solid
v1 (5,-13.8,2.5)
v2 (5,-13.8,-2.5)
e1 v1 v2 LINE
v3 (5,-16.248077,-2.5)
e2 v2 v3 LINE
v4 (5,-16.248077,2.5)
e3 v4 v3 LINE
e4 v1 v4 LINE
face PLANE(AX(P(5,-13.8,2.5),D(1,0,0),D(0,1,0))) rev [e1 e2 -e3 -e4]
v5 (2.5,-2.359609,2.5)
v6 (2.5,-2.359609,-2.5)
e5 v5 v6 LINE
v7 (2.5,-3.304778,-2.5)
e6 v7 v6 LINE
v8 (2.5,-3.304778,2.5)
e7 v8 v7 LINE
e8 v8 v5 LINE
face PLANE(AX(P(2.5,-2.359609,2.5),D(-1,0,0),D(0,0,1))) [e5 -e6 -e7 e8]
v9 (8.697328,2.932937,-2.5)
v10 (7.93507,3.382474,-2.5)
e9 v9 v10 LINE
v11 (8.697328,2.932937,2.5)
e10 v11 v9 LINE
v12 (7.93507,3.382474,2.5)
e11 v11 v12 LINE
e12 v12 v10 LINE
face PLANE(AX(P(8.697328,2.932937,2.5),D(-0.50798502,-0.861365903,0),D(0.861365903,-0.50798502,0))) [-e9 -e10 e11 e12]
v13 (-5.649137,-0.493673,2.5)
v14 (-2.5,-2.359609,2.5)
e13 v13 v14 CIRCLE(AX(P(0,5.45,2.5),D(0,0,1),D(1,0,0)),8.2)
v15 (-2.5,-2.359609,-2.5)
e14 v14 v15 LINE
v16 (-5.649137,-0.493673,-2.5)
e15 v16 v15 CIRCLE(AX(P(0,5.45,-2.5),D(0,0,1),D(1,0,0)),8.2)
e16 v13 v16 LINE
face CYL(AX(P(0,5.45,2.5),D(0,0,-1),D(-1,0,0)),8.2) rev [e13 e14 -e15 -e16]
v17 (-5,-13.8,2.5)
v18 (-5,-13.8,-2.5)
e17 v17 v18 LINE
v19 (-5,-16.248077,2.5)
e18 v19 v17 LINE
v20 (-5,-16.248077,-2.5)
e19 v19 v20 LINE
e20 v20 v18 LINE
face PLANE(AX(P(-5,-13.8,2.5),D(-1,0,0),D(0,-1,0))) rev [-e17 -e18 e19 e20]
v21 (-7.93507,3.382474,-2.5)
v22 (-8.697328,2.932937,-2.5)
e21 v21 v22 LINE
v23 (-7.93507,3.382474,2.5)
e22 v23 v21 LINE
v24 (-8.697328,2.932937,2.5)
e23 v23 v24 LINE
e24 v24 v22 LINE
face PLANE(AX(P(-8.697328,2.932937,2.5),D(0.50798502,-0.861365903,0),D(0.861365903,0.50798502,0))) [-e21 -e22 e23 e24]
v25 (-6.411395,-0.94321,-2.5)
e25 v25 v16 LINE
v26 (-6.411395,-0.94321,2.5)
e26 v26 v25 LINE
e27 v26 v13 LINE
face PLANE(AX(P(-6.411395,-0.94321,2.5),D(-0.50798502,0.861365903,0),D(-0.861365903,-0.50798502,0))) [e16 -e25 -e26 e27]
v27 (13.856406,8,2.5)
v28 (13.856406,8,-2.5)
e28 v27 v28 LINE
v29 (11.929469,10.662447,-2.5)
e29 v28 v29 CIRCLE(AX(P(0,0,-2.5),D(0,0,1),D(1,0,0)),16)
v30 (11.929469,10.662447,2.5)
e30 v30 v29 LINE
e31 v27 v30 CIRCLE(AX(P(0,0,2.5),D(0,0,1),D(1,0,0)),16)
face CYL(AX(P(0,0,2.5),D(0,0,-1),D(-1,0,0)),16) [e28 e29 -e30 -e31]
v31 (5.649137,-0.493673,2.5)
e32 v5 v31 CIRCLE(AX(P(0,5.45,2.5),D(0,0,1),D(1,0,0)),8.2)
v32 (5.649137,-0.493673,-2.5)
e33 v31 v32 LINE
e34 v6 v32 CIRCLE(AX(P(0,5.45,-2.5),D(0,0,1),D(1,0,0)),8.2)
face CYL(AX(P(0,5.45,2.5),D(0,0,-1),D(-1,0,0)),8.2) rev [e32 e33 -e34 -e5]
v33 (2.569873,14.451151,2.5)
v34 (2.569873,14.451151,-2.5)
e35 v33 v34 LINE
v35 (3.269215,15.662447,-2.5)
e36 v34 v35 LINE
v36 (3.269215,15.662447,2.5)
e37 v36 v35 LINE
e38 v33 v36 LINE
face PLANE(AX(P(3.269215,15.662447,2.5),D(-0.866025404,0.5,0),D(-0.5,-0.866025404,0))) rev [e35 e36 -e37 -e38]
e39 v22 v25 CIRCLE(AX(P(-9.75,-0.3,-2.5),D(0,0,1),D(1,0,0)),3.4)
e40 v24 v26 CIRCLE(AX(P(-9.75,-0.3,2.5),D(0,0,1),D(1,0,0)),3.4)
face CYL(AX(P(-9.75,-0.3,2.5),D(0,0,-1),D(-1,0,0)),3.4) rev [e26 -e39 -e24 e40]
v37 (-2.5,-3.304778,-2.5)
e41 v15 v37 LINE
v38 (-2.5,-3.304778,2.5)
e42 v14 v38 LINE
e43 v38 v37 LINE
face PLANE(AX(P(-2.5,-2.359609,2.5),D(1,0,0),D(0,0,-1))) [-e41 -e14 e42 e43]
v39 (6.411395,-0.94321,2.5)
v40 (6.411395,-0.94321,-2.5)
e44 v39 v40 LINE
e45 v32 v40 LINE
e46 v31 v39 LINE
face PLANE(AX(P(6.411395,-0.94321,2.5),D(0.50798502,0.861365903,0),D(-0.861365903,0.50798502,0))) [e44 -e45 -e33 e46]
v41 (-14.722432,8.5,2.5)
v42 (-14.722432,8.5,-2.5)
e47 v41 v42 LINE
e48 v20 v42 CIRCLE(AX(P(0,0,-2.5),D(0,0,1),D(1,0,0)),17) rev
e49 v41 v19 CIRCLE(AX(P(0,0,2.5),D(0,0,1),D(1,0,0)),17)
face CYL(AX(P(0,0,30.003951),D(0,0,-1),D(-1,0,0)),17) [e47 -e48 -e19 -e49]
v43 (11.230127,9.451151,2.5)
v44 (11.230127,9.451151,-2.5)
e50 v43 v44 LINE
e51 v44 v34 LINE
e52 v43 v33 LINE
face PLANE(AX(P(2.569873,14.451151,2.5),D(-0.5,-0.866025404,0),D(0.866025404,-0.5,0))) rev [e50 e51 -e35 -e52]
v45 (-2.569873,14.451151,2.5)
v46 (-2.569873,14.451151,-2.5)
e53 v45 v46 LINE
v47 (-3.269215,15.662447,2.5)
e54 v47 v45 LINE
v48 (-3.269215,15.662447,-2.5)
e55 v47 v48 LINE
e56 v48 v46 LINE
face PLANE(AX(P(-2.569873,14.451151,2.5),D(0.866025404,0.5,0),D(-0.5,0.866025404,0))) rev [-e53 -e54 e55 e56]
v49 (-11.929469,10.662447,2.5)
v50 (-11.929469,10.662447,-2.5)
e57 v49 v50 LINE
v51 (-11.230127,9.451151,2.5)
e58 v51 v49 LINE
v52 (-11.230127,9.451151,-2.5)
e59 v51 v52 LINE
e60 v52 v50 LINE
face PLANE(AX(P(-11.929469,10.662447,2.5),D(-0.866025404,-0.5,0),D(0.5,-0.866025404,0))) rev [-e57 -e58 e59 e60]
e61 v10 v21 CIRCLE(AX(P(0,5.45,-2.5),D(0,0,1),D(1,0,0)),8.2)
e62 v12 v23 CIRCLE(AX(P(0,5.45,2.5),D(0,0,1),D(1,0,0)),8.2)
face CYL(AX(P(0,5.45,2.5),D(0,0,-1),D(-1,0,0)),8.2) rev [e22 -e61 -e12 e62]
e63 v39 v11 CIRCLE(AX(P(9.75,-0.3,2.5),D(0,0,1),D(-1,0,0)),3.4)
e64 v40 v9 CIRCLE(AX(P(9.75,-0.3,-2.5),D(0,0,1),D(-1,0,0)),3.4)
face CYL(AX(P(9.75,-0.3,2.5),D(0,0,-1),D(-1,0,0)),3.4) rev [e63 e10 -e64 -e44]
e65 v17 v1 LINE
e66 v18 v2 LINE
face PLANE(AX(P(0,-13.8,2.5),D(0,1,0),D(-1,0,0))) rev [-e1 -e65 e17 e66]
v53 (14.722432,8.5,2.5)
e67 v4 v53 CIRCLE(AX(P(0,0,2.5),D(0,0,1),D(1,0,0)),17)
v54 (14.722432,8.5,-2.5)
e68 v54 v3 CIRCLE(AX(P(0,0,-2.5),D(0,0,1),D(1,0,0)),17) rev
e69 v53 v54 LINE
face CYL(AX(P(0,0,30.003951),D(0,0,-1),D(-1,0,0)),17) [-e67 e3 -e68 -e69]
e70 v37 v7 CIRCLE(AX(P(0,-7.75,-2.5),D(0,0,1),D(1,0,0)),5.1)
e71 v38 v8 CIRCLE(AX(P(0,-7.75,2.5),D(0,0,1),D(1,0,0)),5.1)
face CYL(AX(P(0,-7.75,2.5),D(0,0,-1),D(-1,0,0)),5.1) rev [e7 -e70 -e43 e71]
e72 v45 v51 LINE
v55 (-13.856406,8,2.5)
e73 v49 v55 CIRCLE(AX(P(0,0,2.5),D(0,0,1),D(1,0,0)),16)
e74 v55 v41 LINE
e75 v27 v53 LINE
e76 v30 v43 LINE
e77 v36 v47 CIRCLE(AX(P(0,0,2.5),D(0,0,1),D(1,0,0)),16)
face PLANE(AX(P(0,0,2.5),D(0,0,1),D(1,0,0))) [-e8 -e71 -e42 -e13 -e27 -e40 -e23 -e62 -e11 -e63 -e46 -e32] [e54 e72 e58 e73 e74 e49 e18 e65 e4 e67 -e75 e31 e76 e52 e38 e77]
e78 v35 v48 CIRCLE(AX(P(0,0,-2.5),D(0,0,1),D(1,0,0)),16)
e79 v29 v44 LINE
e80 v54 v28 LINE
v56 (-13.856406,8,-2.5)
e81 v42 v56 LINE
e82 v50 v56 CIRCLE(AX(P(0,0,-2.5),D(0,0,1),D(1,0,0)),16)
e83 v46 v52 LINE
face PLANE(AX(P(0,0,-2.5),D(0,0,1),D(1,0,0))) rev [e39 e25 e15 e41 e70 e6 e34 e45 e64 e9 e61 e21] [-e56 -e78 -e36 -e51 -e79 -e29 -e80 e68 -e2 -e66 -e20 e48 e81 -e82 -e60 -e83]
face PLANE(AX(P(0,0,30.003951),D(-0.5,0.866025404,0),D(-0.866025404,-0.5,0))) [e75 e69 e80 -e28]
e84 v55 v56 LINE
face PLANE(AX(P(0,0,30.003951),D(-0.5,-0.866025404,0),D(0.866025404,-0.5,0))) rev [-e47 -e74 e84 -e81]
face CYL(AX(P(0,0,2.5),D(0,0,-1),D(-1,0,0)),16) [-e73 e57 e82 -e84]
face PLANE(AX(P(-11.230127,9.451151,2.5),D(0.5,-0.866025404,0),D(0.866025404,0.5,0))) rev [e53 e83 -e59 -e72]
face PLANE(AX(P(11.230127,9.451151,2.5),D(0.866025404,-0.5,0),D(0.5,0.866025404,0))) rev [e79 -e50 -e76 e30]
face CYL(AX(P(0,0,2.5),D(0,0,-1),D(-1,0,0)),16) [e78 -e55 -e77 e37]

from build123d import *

# Parameters (mm, degrees)
EXTRUDE_1_DEPTH     = 2.5
BOSS_EXTRUDE3_START = -2.5
BOSS_EXTRUDE3_DEPTH = 5


with BuildPart() as part:
    # Эскиз1 → Бобышка-Вытянуть1 (new, symmetric)
    with BuildSketch(Plane.XY):
        with BuildLine():
            Line((3.269215058, 15.662446581), (2.569872981, 14.451150572))
            Line((2.569872981, 14.451150572), (11.230127019, 9.451150572))
            Line((11.230127019, 9.451150572), (11.929469096, 10.662446581))
            ThreePointArc((11.929469096, 10.662446581), (15.454813221, -4.141104722), (5, -15.198684154))
            Line((5, -15.198684154), (5, -13.8))
            Line((5, -13.8), (0, -13.8))
            Line((0, -13.8), (-5, -13.8))
            Line((-5, -13.8), (-5, -15.198684154))
            ThreePointArc((-5, -15.198684154), (-15.454813221, -4.141104722), (-11.929469096, 10.662446581))
            Line((-11.929469096, 10.662446581), (-11.230127019, 9.451150572))
            Line((-11.230127019, 9.451150572), (-2.569872981, 14.451150572))
            Line((-2.569872981, 14.451150572), (-3.269215058, 15.662446581))
            ThreePointArc((-3.269215058, 15.662446581), (0, 16), (3.269215058, 15.662446581))
        make_face()
        with BuildLine():
            Line((-2.5, -2.359609465), (-2.5, -3.304777846))
            ThreePointArc((-2.5, -3.304777846), (0, -12.85), (2.5, -3.304777846))
            Line((2.5, -3.304777846), (2.5, -2.359609465))
            ThreePointArc((2.5, -2.359609465), (4.180016715, -1.604605606), (5.649137352, -0.493672869))
            Line((5.649137352, -0.493672869), (6.41139529, -0.943209602))
            ThreePointArc((6.41139529, -0.943209602), (12.678644072, -2.027149068), (8.69732788, 2.932936963))
            Line((8.69732788, 2.932936963), (7.935069942, 3.382473696))
            ThreePointArc((7.935069942, 3.382473696), (0, 13.65), (-7.935069942, 3.382473696))
            Line((-7.935069942, 3.382473696), (-8.69732788, 2.932936963))
            ThreePointArc((-8.69732788, 2.932936963), (-12.678644072, -2.027149068), (-6.41139529, -0.943209602))
            Line((-6.41139529, -0.943209602), (-5.649137352, -0.493672869))
            ThreePointArc((-5.649137352, -0.493672869), (-4.180016715, -1.604605606), (-2.5, -2.359609465))
        make_face(mode=Mode.SUBTRACT)
    extrude(amount=EXTRUDE_1_DEPTH, both=True)

    # Sketch2 → Boss-Extrude3 (add)
    with BuildSketch(Plane.XY.offset(BOSS_EXTRUDE3_START)):
        with BuildLine():
            ThreePointArc((-5, -15.198684154), (-14.947767484, -5.706509199), (-13.856406461, 8))
            Line((-13.856406461, 8), (-14.722431864, 8.5))
            ThreePointArc((-14.722431864, 8.5), (-15.822781238, -6.216075442), (-5, -16.248076809))
            Line((-5, -16.248076809), (-5, -15.198684154))
        make_face()
        with BuildLine():
            Line((14.722431864, 8.5), (13.856406461, 8))
            ThreePointArc((13.856406461, 8), (14.947767484, -5.706509199), (5, -15.198684154))
            Line((5, -15.198684154), (5, -16.248076809))
            ThreePointArc((5, -16.248076809), (15.822781238, -6.216075442), (14.722431864, 8.5))
        make_face()
    extrude(amount=BOSS_EXTRUDE3_DEPTH)


solid = part.part
